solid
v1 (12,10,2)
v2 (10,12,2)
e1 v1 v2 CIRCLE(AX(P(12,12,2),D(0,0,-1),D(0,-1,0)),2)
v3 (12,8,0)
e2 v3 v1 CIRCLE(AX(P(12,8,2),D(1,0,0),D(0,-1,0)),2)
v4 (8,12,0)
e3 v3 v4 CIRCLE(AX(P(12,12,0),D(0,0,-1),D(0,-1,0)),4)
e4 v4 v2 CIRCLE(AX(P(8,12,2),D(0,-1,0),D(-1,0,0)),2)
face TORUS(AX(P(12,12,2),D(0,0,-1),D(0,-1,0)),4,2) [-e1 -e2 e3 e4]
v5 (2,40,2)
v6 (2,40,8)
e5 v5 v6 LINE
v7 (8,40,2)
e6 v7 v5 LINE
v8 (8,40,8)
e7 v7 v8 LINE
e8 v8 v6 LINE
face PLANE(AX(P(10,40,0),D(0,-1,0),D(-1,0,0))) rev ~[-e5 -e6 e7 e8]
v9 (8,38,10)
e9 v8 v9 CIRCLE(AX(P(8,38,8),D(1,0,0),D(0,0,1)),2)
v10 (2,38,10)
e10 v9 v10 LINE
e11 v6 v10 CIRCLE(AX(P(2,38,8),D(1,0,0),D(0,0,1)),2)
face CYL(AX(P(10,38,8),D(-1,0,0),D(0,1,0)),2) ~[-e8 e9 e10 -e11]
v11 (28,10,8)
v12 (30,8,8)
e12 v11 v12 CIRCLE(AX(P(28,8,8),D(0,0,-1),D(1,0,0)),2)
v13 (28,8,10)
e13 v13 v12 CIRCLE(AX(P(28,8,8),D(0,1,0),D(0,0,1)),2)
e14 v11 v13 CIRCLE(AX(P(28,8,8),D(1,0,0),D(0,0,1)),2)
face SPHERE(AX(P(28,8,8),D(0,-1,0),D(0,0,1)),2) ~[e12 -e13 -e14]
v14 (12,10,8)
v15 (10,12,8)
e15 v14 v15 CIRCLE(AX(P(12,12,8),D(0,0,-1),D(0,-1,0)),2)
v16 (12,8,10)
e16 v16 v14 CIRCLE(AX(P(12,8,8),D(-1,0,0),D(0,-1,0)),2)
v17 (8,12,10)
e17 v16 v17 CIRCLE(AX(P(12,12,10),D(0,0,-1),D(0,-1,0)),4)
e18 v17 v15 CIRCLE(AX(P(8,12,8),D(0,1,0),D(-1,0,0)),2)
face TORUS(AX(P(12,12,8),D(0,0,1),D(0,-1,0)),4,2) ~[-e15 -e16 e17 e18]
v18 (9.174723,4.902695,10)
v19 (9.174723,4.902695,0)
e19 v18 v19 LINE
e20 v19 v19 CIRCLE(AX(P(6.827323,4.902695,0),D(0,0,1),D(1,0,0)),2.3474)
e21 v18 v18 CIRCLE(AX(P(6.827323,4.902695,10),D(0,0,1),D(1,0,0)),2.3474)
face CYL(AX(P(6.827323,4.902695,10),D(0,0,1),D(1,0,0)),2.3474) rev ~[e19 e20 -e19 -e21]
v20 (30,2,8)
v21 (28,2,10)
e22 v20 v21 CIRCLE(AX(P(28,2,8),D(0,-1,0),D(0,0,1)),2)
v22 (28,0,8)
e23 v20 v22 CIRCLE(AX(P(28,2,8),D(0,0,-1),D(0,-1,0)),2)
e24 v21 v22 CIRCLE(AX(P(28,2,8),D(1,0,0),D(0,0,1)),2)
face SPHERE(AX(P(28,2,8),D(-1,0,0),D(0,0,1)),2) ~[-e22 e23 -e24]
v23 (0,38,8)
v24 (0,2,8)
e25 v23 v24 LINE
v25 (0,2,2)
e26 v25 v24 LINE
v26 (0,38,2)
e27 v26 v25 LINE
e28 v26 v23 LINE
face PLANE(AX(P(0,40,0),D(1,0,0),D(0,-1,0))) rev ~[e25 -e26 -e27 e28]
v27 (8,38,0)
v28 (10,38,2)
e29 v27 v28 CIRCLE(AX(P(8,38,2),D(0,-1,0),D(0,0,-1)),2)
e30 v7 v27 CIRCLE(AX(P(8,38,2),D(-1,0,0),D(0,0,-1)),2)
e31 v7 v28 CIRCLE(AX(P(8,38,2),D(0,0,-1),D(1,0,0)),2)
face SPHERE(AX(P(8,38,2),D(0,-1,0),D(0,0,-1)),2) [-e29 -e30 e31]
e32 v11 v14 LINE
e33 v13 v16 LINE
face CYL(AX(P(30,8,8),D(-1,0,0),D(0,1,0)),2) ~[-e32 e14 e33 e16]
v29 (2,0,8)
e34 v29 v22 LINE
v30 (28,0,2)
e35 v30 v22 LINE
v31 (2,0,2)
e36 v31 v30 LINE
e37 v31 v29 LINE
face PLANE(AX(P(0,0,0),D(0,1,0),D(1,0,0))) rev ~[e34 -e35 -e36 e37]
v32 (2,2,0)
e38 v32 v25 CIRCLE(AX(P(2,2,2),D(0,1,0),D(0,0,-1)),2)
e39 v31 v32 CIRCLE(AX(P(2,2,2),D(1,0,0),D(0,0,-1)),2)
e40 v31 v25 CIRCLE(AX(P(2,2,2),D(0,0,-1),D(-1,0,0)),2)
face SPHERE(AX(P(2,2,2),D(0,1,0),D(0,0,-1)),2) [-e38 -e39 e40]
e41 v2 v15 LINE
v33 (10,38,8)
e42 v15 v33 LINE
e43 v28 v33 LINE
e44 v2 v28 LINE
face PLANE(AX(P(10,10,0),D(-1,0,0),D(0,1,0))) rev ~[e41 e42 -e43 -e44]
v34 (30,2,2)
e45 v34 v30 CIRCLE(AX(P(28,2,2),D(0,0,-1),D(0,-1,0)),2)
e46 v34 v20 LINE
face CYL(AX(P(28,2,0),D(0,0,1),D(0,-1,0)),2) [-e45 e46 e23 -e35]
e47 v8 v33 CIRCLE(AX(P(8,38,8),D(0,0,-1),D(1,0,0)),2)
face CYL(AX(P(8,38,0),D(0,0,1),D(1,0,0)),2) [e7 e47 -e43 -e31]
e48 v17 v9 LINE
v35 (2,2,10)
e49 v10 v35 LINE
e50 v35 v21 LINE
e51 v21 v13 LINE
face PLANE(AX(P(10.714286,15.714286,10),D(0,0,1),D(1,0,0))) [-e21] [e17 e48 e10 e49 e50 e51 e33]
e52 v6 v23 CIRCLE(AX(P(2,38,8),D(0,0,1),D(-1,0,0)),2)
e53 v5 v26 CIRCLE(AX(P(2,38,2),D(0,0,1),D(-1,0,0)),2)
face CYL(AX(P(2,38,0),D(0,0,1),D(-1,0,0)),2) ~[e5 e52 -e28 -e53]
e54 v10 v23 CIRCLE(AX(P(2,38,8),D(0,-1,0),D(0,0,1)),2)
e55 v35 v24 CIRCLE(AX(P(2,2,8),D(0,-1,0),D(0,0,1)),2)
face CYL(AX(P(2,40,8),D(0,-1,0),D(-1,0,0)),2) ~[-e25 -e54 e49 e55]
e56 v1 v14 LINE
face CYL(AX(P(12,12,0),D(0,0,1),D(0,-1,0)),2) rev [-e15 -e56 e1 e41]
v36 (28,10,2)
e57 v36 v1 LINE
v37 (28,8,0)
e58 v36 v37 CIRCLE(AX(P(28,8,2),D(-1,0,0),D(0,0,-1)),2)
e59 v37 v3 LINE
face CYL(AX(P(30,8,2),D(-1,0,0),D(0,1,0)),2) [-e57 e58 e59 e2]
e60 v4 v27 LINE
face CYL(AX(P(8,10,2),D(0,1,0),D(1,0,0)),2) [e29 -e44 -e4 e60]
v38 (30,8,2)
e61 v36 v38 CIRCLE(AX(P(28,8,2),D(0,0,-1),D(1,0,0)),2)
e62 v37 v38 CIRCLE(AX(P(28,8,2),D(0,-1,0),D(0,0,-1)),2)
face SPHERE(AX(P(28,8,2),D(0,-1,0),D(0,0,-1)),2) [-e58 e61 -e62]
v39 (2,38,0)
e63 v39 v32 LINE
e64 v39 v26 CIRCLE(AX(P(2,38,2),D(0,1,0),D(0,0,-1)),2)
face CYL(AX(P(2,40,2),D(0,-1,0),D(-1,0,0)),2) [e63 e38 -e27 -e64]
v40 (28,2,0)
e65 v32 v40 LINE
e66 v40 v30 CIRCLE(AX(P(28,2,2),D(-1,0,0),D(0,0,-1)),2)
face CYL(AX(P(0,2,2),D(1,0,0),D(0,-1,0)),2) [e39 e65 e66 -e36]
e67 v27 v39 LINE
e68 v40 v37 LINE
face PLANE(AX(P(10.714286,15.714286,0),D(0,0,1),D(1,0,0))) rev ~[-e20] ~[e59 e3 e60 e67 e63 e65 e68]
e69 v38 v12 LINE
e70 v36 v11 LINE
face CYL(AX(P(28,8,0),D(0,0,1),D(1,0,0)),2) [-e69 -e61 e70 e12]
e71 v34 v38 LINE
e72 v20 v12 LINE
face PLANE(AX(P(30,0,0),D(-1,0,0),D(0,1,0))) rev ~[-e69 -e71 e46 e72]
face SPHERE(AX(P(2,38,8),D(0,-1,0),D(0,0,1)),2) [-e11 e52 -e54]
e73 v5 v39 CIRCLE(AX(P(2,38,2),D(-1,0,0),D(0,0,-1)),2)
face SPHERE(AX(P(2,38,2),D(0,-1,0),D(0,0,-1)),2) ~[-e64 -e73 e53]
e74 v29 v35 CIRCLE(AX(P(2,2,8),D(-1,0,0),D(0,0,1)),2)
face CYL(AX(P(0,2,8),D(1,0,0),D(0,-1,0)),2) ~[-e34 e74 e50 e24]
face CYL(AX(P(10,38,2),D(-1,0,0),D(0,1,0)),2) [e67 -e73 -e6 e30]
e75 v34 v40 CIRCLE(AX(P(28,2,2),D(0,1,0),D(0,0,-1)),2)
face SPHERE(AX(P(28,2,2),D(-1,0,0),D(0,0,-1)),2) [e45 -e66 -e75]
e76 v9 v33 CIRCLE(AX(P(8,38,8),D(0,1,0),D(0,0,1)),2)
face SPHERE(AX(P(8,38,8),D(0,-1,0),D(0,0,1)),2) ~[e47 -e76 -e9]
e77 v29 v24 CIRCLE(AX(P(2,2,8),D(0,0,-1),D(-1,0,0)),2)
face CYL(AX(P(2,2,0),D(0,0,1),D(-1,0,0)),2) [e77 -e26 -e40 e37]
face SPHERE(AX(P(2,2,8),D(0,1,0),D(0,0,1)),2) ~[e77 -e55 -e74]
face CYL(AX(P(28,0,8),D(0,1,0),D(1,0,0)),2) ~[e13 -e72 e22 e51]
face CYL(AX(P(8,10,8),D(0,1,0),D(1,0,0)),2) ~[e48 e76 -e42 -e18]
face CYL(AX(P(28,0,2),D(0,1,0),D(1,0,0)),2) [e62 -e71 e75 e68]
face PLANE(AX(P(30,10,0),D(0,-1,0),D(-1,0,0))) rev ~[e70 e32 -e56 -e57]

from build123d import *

# Parameters (mm, degrees)
F1_DEPTH = 10
F2_R     = 2
F3_R     = 2.3474
F4_DEPTH = 25


with BuildPart() as f1:
    # F0 (on Top) → F1 (new body)
    with BuildSketch(Plane.XY):
        Polygon((0, 40), (0, 0), (30, 0), (30, 10), (10, 10), (10, 40), align=None)
    extrude(amount=F1_DEPTH)

    # F2
    f2_edges = [f1.edges().sort_by_distance(p)[0] for p in [
        (0, 20, 10),
        (15, 0, 10),
        (30, 5, 10),
        (20, 10, 10),
        (10, 25, 10),
        (5, 40, 10),
        (0, 20, 0),
        (15, 0, 0),
        (30, 5, 0),
        (20, 10, 0),
        (10, 25, 0),
        (5, 40, 0),
        (10, 40, 5),
        (0, 40, 5),
        (10, 10, 5),
        (30, 10, 5),
        (0, 0, 5),
        (30, 0, 5),
    ]]
    fillet(f2_edges, radius=F2_R)

    # F3 (on face) → F4 (cut)
    with BuildSketch(Plane.XY.offset(10)):
        with Locations((6.827323, 4.902695)):
            Circle(F3_R)
    extrude(amount=-F4_DEPTH, mode=Mode.SUBTRACT)


solid = f1.part
